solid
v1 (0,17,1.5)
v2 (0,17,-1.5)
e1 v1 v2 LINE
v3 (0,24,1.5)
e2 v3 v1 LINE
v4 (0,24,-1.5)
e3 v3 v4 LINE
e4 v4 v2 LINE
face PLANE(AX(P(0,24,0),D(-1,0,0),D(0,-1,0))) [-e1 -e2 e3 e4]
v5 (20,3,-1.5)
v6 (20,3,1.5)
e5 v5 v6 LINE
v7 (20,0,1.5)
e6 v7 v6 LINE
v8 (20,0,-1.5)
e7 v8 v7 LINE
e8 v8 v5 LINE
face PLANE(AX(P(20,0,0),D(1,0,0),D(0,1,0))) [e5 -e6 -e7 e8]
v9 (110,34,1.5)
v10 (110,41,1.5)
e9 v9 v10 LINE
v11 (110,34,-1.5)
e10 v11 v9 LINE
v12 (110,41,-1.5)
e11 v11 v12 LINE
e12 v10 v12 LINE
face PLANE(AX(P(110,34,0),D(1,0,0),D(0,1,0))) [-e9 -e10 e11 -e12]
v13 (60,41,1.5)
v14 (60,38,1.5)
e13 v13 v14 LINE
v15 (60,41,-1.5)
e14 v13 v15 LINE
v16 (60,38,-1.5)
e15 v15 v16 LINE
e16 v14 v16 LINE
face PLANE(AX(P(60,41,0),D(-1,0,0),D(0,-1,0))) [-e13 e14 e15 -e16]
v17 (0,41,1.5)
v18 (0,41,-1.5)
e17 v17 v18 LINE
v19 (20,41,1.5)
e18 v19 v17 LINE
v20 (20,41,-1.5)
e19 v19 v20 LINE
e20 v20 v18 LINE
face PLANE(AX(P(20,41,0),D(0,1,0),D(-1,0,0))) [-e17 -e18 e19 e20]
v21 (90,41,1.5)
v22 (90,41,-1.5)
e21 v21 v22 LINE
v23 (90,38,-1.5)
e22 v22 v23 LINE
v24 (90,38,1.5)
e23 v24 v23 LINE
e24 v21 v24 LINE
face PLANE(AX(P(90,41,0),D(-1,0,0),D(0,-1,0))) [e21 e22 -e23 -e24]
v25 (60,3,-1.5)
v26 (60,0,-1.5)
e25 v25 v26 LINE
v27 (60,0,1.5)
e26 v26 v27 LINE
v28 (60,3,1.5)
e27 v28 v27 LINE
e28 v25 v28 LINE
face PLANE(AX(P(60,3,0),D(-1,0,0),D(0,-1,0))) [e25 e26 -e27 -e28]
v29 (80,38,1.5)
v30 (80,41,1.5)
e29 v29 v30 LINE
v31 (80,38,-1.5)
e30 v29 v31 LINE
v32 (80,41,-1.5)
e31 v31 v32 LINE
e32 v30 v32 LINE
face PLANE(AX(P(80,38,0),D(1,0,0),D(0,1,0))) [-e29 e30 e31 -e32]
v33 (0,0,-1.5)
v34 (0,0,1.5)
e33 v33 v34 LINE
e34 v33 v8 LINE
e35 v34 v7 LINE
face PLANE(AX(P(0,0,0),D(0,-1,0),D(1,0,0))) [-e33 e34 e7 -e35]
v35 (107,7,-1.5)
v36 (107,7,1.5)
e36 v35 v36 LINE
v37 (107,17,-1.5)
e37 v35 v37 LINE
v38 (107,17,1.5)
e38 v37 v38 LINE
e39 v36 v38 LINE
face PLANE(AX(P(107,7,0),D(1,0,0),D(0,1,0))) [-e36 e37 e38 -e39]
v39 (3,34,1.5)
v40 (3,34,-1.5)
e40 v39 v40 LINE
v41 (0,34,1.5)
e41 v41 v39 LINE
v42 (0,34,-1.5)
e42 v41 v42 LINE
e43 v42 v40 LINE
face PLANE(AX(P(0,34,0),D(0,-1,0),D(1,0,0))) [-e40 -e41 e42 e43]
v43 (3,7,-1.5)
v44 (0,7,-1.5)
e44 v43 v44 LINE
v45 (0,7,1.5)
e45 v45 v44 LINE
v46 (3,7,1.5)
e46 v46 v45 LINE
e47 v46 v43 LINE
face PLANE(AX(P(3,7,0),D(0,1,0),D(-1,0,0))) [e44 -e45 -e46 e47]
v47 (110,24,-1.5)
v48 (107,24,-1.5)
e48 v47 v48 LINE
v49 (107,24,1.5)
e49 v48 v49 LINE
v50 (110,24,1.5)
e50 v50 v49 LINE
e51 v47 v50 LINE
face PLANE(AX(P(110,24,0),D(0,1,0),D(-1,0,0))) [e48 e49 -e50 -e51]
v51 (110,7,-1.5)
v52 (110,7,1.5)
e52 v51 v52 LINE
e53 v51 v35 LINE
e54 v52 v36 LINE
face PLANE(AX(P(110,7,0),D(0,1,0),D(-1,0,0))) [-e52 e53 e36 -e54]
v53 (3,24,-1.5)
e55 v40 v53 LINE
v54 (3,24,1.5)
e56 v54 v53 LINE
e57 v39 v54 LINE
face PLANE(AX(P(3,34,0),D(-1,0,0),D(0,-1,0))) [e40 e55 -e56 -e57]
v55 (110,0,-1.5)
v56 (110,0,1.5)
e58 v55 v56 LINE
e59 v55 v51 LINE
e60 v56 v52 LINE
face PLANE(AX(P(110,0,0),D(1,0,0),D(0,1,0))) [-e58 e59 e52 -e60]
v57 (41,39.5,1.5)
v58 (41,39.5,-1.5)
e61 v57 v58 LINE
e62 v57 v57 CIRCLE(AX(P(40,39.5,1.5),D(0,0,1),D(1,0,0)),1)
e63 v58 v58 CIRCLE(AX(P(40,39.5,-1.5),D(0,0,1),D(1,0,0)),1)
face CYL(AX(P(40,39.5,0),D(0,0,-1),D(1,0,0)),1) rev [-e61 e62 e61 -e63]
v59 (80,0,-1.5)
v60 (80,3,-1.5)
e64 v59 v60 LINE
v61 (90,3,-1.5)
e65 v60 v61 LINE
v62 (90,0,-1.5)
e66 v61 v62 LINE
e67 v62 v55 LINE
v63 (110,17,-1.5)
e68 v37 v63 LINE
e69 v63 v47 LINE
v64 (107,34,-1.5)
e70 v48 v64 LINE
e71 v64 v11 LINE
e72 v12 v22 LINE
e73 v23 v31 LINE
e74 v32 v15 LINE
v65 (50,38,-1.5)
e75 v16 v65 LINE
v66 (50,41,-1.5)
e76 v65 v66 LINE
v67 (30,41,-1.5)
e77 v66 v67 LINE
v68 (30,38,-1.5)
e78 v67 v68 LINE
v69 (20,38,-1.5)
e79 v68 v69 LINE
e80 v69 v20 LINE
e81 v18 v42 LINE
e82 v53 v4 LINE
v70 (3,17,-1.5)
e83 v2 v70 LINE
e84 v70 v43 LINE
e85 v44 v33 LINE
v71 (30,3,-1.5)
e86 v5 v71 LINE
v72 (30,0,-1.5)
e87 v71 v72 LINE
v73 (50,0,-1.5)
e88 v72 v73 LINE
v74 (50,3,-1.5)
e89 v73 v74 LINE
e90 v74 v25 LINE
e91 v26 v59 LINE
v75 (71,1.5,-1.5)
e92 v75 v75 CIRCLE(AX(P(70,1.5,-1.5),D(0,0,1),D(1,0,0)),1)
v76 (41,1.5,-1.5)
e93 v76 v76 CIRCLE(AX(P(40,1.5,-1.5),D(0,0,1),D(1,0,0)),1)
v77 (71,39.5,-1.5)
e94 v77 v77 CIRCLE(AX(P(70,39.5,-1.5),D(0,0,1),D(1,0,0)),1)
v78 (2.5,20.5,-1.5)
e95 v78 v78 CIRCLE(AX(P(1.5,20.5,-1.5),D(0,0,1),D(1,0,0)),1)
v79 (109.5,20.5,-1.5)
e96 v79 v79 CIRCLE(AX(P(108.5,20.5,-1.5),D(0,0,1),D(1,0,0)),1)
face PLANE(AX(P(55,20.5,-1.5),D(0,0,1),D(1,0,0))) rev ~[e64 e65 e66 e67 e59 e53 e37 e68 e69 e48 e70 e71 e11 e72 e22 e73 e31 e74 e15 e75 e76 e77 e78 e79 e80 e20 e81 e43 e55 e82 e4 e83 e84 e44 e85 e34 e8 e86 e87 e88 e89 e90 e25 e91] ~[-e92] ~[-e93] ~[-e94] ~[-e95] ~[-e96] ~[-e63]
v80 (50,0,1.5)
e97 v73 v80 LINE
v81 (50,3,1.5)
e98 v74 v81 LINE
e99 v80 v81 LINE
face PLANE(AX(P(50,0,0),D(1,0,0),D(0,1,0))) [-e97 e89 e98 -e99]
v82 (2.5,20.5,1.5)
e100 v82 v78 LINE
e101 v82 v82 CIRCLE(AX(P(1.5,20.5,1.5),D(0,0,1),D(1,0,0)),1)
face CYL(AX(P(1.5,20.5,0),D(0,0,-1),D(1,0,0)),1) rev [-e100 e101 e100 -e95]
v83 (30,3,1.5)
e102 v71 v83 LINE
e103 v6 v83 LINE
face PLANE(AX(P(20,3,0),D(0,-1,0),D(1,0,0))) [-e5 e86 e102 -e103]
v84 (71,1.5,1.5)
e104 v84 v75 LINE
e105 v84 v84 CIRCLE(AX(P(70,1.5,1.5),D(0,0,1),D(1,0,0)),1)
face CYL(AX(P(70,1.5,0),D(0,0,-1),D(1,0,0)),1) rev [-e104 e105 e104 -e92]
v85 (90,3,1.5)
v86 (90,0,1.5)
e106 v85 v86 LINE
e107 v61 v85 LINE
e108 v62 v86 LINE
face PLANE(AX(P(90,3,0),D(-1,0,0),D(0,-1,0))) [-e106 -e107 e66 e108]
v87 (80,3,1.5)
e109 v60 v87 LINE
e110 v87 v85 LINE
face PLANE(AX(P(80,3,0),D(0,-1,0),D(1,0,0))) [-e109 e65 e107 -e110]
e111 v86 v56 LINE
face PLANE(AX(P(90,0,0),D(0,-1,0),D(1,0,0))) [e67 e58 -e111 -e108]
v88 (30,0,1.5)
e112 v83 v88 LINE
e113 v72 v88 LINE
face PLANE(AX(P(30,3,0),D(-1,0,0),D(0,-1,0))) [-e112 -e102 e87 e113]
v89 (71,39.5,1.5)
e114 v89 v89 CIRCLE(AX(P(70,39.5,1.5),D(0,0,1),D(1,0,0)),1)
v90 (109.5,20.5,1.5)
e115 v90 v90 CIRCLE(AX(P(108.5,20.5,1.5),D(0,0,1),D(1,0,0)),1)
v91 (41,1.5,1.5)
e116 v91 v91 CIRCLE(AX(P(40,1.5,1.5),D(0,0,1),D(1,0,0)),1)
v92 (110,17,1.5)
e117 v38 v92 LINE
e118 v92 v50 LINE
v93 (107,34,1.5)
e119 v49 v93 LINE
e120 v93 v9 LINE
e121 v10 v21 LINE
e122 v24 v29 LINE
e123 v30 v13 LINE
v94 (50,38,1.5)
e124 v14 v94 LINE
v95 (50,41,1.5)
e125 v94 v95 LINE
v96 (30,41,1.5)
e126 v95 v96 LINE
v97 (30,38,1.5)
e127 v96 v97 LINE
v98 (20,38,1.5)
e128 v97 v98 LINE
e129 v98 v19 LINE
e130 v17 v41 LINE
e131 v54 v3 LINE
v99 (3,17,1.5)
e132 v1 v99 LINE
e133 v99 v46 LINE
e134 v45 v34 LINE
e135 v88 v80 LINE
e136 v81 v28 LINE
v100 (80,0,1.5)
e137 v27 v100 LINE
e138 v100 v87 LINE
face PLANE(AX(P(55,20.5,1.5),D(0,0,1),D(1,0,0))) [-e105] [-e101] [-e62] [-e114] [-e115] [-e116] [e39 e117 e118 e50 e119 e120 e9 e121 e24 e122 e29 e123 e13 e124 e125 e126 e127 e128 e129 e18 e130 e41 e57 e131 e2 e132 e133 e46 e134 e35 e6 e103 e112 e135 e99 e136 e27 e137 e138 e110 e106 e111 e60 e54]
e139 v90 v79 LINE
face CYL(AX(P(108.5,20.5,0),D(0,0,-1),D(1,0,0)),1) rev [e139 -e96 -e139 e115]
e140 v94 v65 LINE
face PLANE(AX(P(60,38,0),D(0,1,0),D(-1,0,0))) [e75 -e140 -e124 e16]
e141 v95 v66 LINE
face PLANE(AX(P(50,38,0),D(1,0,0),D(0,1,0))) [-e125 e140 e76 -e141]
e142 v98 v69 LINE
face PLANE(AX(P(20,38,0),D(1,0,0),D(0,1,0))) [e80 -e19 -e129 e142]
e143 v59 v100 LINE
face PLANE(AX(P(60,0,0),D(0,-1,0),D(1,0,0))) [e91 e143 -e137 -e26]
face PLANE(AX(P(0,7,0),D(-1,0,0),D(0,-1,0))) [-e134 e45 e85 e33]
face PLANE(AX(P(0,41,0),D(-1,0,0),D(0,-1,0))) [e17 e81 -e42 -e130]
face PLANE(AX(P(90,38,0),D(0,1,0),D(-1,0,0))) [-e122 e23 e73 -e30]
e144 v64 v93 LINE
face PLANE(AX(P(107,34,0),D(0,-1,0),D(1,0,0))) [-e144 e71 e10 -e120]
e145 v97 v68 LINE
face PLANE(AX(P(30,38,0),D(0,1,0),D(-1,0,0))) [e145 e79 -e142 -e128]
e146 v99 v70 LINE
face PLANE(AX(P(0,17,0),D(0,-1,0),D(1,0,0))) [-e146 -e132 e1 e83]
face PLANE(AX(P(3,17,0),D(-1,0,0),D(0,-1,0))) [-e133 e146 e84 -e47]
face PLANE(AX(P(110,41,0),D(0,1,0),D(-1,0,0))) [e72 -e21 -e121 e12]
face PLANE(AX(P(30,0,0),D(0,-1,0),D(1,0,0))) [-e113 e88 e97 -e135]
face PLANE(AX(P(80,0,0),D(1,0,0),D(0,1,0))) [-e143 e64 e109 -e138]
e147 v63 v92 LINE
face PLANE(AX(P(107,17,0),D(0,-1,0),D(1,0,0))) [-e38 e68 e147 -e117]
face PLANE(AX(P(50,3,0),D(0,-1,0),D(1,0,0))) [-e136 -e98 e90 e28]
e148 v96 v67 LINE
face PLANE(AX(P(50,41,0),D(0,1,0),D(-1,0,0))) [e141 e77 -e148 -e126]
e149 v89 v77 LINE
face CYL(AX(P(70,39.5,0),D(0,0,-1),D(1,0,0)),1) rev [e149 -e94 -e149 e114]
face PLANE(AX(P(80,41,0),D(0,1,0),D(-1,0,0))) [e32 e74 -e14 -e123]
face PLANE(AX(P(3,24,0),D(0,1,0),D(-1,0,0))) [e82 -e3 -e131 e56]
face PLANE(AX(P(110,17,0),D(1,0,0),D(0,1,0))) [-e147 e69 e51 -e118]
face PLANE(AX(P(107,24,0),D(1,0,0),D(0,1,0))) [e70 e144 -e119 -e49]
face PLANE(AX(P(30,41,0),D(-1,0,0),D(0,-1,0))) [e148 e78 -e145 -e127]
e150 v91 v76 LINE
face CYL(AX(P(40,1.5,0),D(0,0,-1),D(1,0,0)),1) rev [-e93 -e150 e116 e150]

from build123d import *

# Parameters (mm, degrees)
F0_R     = 1
F1_DEPTH = 1.5


with BuildPart() as f1:
    # F0 (on Top) → F1 (new body, symmetric)
    with BuildSketch(Plane.XY):
        Polygon((0, 7), (0, 0), (20, 0), (20, 3), (30, 3), (30, 0), (50, 0), (50, 3), (60, 3), (60, 0), (80, 0), (80, 3), (90, 3), (90, 0), (110, 0), (110, 7), (107, 7), (107, 17), (110, 17), (110, 24), (107, 24), (107, 34), (110, 34), (110, 41), (90, 41), (90, 38), (80, 38), (80, 41), (60, 41), (60, 38), (50, 38), (50, 41), (30, 41), (30, 38), (20, 38), (20, 41), (0, 41), (0, 34), (3, 34), (3, 24), (0, 24), (0, 17), (3, 17), (3, 7), align=None)
        with Locations((40, 1.5)):
            Circle(F0_R, mode=Mode.SUBTRACT)
        with Locations((70, 1.5)):
            Circle(F0_R, mode=Mode.SUBTRACT)
        with Locations((1.5, 20.5)):
            Circle(F0_R, mode=Mode.SUBTRACT)
        with Locations((40, 39.5)):
            Circle(F0_R, mode=Mode.SUBTRACT)
        with Locations((108.5, 20.5)):
            Circle(F0_R, mode=Mode.SUBTRACT)
        with Locations((70, 39.5)):
            Circle(F0_R, mode=Mode.SUBTRACT)
    extrude(amount=F1_DEPTH, both=True)


solid = f1.part
